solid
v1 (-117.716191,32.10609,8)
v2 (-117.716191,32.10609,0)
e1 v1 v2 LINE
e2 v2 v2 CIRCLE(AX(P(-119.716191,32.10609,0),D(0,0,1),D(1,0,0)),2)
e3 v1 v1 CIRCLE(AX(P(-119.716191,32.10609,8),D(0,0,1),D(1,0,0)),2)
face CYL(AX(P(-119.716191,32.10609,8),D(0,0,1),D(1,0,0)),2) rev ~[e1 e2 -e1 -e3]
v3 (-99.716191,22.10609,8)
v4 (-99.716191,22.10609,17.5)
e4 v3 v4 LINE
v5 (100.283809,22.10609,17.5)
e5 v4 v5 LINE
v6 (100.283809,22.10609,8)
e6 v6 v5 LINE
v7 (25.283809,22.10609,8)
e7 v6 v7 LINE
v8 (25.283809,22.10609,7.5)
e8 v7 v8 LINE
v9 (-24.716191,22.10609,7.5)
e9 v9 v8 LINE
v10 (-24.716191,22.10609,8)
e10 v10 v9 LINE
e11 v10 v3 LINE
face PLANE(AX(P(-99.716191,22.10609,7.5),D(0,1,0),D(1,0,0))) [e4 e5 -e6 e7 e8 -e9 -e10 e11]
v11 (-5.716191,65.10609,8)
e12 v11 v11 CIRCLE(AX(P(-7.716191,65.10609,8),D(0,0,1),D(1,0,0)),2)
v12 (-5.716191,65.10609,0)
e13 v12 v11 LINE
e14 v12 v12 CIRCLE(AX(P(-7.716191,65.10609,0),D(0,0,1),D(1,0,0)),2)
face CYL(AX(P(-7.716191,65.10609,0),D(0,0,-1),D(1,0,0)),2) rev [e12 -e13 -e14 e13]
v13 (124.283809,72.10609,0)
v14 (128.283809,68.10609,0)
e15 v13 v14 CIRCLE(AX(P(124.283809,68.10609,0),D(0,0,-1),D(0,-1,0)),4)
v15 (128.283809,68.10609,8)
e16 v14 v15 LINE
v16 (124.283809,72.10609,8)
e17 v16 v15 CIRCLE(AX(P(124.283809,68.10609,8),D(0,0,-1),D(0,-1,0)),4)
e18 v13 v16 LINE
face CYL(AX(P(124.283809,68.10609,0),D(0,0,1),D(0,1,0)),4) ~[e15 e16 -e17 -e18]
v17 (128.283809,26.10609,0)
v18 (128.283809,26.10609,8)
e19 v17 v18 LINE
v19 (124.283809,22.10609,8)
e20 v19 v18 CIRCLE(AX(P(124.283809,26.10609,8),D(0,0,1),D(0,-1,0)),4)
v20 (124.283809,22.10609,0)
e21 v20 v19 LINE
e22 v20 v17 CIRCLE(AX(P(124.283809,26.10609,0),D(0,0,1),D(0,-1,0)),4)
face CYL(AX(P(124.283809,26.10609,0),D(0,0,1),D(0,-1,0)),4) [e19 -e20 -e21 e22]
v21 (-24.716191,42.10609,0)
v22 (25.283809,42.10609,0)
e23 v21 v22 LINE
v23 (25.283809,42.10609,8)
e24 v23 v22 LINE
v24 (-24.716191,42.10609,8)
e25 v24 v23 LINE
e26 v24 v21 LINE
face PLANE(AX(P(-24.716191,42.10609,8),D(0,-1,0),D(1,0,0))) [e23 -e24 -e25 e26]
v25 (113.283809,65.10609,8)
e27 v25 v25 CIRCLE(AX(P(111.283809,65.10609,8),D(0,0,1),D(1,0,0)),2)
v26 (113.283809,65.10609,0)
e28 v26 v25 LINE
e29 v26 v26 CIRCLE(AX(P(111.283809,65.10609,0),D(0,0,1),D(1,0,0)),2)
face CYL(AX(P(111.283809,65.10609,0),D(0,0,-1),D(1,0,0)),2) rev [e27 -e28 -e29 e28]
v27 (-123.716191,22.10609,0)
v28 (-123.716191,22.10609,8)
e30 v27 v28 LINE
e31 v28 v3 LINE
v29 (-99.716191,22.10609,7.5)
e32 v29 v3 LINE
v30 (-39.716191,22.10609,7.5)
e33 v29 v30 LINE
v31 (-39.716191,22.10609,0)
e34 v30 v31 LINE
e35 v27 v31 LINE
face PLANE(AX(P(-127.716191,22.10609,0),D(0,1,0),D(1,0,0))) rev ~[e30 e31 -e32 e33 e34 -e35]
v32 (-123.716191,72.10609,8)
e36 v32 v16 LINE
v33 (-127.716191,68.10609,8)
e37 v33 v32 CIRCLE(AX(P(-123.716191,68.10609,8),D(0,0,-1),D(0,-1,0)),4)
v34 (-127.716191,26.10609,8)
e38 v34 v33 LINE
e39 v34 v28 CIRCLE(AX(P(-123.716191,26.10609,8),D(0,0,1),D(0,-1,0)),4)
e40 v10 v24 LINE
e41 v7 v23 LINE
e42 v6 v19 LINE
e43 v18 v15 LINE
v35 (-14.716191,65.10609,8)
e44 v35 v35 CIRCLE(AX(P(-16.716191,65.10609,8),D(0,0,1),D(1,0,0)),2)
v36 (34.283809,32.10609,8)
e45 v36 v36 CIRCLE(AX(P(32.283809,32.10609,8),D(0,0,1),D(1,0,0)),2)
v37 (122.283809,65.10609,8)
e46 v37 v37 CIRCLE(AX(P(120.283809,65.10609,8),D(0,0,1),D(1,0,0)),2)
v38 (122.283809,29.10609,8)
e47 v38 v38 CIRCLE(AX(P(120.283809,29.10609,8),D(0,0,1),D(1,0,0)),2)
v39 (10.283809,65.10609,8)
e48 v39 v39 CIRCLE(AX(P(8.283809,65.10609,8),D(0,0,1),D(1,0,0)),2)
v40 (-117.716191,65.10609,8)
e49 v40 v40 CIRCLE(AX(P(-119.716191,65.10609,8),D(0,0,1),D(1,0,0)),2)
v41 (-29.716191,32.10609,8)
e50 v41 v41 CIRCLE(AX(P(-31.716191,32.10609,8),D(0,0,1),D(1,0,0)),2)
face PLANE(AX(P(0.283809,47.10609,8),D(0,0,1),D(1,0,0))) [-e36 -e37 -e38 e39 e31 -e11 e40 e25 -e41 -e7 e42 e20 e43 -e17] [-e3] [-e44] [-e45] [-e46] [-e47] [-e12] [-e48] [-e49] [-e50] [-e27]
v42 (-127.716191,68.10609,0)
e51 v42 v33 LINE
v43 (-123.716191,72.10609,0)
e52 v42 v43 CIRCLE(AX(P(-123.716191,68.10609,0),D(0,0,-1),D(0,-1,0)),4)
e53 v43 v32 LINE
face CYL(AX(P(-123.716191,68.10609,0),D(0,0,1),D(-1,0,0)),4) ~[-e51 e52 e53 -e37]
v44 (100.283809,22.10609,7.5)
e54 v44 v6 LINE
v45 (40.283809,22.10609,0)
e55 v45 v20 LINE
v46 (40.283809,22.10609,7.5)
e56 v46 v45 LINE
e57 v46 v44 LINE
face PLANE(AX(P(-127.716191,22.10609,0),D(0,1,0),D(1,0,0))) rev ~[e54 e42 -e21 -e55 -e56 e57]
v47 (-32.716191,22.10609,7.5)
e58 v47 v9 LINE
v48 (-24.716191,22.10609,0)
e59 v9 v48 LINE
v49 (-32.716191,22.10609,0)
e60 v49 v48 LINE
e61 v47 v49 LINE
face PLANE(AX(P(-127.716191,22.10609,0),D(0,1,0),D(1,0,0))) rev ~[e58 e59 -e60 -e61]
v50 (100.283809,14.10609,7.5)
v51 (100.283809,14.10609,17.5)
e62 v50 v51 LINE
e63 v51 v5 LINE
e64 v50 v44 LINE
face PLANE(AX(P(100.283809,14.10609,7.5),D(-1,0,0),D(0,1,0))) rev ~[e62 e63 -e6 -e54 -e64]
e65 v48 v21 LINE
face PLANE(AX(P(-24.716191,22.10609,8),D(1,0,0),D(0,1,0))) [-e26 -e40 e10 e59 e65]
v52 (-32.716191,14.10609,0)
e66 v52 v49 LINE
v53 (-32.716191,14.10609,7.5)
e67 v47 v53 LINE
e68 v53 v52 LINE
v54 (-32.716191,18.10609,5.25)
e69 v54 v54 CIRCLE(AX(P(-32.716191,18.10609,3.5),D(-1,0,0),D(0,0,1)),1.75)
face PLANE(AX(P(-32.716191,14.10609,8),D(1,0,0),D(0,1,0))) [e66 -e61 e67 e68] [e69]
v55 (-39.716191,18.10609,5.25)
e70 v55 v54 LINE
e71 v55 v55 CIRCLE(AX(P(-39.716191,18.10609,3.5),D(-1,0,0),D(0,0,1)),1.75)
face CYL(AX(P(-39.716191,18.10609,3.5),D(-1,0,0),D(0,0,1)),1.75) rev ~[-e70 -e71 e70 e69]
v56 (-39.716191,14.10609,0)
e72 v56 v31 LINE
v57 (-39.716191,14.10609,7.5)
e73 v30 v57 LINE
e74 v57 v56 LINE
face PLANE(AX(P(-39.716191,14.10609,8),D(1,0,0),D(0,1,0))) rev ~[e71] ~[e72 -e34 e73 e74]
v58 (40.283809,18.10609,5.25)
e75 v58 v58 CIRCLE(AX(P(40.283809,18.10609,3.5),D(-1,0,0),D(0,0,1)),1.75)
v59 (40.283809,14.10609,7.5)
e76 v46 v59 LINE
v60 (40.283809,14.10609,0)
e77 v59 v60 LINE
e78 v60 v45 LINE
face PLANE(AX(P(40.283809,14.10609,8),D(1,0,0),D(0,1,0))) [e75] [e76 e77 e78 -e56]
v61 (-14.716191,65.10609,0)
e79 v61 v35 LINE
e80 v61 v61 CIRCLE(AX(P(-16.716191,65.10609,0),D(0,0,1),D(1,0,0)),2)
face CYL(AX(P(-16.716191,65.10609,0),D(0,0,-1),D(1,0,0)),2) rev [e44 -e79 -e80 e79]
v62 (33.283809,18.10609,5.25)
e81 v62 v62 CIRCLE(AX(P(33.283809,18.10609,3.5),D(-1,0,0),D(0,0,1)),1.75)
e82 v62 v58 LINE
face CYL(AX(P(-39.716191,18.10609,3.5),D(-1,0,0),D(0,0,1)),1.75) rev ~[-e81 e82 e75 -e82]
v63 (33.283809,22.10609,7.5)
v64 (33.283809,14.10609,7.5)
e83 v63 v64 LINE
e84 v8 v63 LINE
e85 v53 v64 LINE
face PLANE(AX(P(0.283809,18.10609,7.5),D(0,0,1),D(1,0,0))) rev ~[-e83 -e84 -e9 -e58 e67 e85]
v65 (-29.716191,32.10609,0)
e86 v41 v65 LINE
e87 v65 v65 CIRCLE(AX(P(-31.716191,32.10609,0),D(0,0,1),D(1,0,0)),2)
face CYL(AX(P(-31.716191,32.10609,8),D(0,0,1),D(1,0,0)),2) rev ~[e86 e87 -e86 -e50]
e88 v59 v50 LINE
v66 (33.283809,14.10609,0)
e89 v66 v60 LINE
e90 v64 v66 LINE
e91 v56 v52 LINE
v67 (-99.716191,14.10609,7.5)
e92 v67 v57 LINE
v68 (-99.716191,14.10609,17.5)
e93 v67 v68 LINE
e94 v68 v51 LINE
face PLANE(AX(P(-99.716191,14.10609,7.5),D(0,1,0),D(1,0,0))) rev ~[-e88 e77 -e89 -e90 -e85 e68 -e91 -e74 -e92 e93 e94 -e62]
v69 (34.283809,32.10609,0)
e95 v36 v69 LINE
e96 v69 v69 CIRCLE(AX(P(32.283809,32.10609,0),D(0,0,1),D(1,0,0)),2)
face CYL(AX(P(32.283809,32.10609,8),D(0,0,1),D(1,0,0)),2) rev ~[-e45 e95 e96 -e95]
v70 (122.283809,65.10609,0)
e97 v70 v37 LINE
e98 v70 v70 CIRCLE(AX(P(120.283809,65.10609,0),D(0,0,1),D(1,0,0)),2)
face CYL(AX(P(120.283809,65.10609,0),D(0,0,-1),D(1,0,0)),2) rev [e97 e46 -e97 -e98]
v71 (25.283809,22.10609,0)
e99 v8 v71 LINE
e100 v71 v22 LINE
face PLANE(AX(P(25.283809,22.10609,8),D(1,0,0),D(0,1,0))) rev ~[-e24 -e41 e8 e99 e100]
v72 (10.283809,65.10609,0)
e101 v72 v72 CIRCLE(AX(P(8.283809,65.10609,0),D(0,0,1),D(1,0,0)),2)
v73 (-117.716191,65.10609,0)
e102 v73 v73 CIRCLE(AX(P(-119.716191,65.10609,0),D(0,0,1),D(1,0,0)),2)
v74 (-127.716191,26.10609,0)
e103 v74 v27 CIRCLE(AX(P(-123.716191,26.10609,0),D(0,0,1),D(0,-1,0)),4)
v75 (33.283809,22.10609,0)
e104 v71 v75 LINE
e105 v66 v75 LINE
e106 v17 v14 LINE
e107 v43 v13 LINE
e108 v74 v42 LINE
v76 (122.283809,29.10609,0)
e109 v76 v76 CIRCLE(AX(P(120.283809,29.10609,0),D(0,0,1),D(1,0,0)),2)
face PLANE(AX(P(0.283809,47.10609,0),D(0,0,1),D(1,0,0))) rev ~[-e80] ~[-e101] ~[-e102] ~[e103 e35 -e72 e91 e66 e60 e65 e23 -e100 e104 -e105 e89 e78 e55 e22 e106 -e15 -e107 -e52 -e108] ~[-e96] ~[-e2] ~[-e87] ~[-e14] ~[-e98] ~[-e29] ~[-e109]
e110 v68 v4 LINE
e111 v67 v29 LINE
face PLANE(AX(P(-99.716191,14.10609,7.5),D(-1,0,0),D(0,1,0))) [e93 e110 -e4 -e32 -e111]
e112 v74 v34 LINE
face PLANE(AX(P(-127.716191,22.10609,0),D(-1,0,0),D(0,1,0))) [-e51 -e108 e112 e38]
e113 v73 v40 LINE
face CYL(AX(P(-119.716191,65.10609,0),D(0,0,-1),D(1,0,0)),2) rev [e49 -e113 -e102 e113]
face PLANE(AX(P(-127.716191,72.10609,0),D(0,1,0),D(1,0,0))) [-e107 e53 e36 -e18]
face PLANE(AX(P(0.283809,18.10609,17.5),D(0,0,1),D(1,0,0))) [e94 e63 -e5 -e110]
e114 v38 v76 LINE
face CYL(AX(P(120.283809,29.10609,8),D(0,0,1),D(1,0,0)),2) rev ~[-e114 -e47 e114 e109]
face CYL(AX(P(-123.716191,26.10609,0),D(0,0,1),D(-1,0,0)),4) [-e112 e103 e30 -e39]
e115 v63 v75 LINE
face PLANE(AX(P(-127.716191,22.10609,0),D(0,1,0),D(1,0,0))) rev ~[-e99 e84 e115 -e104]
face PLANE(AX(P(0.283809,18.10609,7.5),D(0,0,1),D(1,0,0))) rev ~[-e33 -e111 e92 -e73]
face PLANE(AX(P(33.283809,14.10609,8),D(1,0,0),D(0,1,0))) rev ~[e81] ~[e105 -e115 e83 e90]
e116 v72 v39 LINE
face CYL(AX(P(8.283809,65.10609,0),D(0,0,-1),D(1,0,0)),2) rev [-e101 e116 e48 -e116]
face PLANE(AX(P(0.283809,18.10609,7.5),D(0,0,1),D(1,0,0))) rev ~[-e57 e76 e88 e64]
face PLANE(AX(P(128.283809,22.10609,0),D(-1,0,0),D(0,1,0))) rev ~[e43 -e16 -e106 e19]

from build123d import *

# Parameters (mm, degrees)
SKETCH1_W            = 256
SKETCH1_H            = 50
SKETCH1_R            = 2
BOSS_EXTRUDE1_DEPTH  = 8
FILLET1_R            = 4
SKETCH2_W            = 7
SKETCH2_H            = 8
BOSS_EXTRUDE2_DEPTH  = 8
SKETCH3_W            = 50
SKETCH3_H            = 20
CUT_EXTRUDE1_DEPTH   = 8
SKETCH4_R            = 2
CUT_EXTRUDE2_DEPTH   = 8
SKETCH5_R            = 1.75
CUT_EXTRUDE3_DEPTH   = 113
BOSS_EXTRUDE12_START = 7.5
SKETCH8_W            = 200
SKETCH8_H            = 8
BOSS_EXTRUDE12_DEPTH = 10


with BuildPart() as part:
    # Sketch1 → Boss-Extrude1 (new body)
    with BuildSketch(Plane.XY):
        with Locations((0.283809042, 47.106089777)):
            Rectangle(SKETCH1_W, SKETCH1_H)
        with Locations((120.283809042, 65.106089777)):
            Circle(SKETCH1_R, mode=Mode.SUBTRACT)
        with Locations((111.283809042, 65.106089777)):
            Circle(SKETCH1_R, mode=Mode.SUBTRACT)
        with Locations((8.283809042, 65.106089777)):
            Circle(SKETCH1_R, mode=Mode.SUBTRACT)
        with Locations((-7.716190958, 65.106089777)):
            Circle(SKETCH1_R, mode=Mode.SUBTRACT)
        with Locations((-16.716190958, 65.106089777)):
            Circle(SKETCH1_R, mode=Mode.SUBTRACT)
        with Locations((-119.716190958, 65.106089777)):
            Circle(SKETCH1_R, mode=Mode.SUBTRACT)
    extrude(amount=BOSS_EXTRUDE1_DEPTH)

    # Fillet1
    fillet1_edges = [part.edges().sort_by_distance(p)[0] for p in [
        (-127.716190958, 72.106089777, 4),
        (128.283809042, 72.106089777, 4),
        (128.283809042, 22.106089777, 4),
        (-127.716190958, 22.106089777, 4),
    ]]
    fillet(fillet1_edges, radius=FILLET1_R)

    # Sketch2 → Boss-Extrude2 (add)
    with BuildSketch(Plane.XY.offset(8)):
        with Locations((36.783809042, 18.106089777)):
            Rectangle(SKETCH2_W, SKETCH2_H)
        with Locations((-36.216190958, 18.106089777)):
            Rectangle(SKETCH2_W, SKETCH2_H)
    extrude(amount=-BOSS_EXTRUDE2_DEPTH)

    # Sketch3 → Cut-Extrude1 (cut)
    with BuildSketch(Plane.XY.offset(8)):
        with Locations((0.283809042, 32.106089777)):
            Rectangle(SKETCH3_W, SKETCH3_H)
    extrude(amount=-CUT_EXTRUDE1_DEPTH, mode=Mode.SUBTRACT)

    # Sketch4 → Cut-Extrude2 (cut)
    with BuildSketch(Plane.XY.offset(8)):
        with Locations((-31.716190958, 32.106089777)):
            Circle(SKETCH4_R)
        with Locations((32.283809042, 32.106089777)):
            Circle(SKETCH4_R)
        with Locations((-119.716190958, 32.106089777)):
            Circle(SKETCH4_R)
        with Locations((120.283809042, 29.106089777)):
            Circle(SKETCH4_R)
    extrude(amount=-CUT_EXTRUDE2_DEPTH, mode=Mode.SUBTRACT)

    # Sketch5 → Cut-Extrude3 (cut)
    with BuildSketch(Plane.ZY.offset(39.716190958)):
        with Locations((3.5, 18.106089777)):
            Circle(SKETCH5_R)
    extrude(amount=-CUT_EXTRUDE3_DEPTH, mode=Mode.SUBTRACT)

    # Sketch8 → Boss-Extrude12 (add)
    with BuildSketch(Plane.XY.offset(BOSS_EXTRUDE12_START)):
        with Locations((0.283809042, 18.106089777)):
            Rectangle(SKETCH8_W, SKETCH8_H)
    extrude(amount=BOSS_EXTRUDE12_DEPTH)


solid = part.part
